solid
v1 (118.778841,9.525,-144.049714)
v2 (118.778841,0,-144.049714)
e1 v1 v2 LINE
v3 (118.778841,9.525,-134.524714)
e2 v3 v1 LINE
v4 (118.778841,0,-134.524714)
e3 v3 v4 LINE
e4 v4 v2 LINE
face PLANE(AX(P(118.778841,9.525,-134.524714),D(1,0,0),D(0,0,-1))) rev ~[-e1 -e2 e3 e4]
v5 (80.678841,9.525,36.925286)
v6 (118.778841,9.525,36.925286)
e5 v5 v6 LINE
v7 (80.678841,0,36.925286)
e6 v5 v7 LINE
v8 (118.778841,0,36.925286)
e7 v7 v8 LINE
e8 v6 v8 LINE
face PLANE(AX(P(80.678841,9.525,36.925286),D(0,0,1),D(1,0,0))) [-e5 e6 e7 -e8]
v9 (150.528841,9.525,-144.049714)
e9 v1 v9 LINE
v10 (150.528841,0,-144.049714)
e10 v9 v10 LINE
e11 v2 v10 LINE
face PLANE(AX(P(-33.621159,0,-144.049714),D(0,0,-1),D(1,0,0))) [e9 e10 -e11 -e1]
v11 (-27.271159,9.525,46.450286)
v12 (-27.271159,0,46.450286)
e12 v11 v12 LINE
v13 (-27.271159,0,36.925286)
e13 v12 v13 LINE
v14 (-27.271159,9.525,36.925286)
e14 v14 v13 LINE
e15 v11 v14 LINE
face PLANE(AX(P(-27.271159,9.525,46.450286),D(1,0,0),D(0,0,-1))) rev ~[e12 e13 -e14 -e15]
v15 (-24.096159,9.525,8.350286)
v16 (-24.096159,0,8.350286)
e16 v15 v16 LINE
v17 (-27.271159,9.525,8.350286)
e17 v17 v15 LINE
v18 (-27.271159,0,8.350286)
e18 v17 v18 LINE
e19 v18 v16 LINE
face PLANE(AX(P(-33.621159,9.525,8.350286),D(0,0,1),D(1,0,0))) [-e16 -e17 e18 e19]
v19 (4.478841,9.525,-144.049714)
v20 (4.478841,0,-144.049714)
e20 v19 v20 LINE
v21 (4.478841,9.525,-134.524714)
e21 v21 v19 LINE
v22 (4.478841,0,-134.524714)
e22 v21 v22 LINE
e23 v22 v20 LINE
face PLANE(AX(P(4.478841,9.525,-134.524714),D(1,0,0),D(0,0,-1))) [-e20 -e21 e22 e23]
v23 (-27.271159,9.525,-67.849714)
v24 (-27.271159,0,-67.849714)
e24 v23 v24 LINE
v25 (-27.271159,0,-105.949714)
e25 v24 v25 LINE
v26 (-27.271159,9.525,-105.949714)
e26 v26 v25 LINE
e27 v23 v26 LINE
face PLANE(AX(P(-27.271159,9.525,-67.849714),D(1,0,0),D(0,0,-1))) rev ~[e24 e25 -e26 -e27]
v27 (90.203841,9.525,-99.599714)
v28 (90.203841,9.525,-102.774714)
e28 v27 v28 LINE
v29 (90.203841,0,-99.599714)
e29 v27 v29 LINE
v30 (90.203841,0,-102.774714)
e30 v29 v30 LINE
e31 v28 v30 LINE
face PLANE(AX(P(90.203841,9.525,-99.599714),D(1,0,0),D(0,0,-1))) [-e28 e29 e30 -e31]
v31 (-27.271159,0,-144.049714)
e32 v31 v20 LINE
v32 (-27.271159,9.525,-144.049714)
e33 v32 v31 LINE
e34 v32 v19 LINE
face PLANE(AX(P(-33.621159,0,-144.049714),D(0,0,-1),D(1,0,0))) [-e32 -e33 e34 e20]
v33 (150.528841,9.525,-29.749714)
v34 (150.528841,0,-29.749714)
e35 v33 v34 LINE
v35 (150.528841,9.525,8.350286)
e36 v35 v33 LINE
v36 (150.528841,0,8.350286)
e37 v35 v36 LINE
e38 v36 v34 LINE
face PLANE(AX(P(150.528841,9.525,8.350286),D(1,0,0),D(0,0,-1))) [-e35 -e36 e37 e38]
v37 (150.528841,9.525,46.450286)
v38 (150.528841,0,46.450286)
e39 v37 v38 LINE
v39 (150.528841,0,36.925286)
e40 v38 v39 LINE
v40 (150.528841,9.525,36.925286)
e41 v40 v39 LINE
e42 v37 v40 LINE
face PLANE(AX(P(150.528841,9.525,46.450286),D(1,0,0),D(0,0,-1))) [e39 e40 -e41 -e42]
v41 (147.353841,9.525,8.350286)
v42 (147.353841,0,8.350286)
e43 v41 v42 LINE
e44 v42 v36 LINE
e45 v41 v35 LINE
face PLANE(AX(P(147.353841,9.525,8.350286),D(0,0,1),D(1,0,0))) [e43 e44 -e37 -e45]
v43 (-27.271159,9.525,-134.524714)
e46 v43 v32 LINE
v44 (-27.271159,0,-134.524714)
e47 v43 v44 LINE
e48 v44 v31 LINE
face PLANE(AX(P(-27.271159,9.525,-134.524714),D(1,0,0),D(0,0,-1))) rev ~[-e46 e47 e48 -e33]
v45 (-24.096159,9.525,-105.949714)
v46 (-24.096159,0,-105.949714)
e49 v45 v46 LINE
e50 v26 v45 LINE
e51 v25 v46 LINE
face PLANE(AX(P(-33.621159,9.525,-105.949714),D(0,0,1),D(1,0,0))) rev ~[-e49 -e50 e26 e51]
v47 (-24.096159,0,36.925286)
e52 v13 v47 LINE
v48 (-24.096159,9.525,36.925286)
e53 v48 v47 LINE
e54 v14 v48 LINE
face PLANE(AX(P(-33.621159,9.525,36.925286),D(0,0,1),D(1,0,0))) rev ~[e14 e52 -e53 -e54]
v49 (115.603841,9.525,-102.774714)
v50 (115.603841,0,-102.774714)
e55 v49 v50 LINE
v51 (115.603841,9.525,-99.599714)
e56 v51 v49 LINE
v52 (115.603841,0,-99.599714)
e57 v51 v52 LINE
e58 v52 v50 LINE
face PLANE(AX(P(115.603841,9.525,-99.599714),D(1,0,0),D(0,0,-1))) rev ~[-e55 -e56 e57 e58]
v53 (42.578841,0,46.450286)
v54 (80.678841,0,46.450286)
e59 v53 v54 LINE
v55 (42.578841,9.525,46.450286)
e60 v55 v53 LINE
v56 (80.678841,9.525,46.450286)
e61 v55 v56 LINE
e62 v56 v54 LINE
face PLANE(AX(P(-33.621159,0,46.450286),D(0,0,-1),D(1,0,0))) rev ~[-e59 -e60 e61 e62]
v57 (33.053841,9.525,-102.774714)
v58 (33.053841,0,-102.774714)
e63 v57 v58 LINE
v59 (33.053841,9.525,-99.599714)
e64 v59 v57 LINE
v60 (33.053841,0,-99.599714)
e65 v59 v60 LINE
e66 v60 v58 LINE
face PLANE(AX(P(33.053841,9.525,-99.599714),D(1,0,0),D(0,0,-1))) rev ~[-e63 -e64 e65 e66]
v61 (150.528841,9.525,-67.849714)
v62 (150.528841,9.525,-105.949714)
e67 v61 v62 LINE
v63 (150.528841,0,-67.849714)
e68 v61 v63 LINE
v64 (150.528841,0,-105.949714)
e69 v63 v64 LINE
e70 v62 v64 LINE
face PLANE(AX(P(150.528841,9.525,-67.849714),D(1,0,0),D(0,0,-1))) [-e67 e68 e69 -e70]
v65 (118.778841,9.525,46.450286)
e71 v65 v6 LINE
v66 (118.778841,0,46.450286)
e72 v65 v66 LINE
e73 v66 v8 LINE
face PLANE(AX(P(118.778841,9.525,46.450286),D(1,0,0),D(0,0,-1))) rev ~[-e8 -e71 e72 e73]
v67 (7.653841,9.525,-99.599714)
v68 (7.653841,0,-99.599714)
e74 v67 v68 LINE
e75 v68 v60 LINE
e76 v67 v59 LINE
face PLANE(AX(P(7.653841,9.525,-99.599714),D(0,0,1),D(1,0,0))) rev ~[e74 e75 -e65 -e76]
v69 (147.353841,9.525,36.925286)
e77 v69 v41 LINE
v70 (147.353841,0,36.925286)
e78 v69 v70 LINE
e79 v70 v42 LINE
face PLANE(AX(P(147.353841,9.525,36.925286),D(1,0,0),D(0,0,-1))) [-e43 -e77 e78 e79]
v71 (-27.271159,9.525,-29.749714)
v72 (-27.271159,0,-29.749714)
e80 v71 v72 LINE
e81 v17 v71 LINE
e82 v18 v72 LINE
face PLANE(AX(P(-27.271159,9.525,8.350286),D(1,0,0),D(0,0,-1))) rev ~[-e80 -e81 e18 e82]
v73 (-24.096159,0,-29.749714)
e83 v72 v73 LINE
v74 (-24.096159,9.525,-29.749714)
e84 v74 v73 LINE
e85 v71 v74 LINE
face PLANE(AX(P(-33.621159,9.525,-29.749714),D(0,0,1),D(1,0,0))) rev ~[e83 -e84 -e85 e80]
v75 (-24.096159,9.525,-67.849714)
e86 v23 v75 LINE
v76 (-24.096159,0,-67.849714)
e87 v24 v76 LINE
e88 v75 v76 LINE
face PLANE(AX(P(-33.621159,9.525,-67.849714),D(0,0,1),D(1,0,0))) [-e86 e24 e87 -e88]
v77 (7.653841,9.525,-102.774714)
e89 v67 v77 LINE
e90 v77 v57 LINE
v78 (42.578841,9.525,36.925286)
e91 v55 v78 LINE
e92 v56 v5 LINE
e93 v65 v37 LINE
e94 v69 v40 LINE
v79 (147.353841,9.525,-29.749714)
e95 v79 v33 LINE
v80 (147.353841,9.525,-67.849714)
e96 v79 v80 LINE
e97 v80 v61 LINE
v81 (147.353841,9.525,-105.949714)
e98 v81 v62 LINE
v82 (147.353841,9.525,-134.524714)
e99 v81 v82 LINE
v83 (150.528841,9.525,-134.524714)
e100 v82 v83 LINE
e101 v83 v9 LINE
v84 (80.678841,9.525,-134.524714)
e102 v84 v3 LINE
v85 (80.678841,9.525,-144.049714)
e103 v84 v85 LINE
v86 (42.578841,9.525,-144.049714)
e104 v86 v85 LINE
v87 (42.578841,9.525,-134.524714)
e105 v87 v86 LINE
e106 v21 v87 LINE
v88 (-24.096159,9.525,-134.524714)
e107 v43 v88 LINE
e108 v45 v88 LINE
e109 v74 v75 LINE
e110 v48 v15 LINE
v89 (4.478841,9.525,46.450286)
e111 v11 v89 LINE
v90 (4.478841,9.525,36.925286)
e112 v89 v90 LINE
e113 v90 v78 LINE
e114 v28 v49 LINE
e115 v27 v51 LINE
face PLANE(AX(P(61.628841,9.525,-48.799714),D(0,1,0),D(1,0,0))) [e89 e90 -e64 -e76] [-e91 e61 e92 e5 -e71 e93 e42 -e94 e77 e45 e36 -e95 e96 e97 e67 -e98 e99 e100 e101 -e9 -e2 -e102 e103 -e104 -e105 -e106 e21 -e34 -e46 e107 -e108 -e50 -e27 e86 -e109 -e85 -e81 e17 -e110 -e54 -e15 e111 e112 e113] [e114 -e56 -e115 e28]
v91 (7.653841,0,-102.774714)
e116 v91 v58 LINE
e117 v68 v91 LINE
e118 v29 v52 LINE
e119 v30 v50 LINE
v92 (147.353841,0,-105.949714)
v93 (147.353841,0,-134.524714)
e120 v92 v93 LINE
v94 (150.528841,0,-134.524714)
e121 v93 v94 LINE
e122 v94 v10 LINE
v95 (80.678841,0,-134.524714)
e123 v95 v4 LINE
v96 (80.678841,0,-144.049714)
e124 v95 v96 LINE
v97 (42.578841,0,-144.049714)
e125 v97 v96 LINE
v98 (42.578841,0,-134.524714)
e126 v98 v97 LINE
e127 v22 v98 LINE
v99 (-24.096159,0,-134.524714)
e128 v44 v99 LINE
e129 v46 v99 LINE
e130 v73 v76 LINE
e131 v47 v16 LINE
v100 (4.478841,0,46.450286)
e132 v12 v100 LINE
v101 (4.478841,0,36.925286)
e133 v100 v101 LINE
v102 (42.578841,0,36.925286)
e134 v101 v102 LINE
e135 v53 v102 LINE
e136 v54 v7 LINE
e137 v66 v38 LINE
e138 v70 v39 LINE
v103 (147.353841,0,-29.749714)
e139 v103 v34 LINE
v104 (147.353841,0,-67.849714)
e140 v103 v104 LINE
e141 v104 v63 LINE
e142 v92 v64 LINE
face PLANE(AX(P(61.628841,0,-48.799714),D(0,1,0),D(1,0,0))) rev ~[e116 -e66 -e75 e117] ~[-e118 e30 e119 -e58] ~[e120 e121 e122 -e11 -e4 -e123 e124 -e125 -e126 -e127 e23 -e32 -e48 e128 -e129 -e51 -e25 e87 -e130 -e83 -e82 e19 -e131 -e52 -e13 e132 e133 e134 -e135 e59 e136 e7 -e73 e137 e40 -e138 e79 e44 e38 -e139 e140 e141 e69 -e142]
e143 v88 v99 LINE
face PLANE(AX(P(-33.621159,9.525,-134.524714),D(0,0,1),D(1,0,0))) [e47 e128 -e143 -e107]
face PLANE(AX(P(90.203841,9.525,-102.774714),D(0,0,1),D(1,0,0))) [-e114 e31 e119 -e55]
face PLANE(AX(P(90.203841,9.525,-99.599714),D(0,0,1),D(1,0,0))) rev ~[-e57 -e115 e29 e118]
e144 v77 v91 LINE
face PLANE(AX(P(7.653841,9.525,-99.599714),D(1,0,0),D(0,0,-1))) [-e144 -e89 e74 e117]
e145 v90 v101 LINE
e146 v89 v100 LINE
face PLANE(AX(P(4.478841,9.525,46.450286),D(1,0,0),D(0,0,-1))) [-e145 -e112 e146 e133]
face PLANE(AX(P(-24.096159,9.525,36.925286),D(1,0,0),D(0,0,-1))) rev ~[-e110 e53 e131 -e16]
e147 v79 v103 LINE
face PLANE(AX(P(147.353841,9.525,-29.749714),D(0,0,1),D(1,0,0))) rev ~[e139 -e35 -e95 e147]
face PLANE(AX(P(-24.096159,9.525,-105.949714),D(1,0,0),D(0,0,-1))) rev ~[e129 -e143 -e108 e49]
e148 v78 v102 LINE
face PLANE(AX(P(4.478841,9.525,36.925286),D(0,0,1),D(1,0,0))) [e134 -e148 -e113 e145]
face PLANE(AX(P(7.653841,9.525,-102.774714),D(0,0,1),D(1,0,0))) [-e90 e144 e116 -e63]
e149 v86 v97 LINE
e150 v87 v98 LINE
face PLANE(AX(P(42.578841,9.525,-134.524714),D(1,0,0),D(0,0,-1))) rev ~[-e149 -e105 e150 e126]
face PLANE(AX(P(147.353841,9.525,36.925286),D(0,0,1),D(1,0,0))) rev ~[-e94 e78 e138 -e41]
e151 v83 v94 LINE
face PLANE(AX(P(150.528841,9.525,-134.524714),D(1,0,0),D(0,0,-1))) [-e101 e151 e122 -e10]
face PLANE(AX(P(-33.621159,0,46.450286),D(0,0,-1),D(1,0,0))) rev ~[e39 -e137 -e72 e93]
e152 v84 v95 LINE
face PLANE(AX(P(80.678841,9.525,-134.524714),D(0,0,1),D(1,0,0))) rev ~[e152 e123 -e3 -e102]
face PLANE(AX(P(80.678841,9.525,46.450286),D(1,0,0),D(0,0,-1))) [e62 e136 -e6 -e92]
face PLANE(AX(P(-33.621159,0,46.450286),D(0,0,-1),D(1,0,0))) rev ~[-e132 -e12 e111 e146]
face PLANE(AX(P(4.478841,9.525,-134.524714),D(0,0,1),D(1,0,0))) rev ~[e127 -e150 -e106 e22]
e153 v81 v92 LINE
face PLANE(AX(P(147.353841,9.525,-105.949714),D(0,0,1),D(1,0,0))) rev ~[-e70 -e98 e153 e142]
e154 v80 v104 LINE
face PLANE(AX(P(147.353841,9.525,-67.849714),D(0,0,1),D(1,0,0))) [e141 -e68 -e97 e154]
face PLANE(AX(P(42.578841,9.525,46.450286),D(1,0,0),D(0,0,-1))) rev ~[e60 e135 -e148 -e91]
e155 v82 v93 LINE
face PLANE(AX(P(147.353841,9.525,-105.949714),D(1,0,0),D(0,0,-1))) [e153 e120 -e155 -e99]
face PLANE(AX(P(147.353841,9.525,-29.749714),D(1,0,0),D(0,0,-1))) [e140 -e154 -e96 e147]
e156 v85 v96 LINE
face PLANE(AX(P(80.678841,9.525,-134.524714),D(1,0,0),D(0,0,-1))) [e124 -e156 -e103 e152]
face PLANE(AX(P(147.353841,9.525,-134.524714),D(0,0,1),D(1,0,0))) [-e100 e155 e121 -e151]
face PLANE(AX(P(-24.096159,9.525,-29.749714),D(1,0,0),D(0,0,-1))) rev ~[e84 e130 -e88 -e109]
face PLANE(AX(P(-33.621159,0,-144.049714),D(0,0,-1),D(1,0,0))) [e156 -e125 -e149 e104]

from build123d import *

# Parameters (mm, degrees)
SKETCH1_W           = 190.5
SKETCH1_H           = 190.5
BOSS_EXTRUDE1_DEPTH = 9.525
SKETCH2_W           = 38.1
SKETCH2_H           = 9.525
CUT_EXTRUDE1_DEPTH  = 9.525
SKETCH3_W           = 38.1
SKETCH3_H           = 9.525
CUT_EXTRUDE2_DEPTH  = 9.525
SKETCH4_W           = 9.525
SKETCH4_H           = 28.575
CUT_EXTRUDE3_DEPTH  = 9.525
SKETCH5_W           = 9.525
SKETCH5_H           = 38.1
CUT_EXTRUDE4_DEPTH  = 9.525
SKETCH6_W           = 9.525
SKETCH6_H           = 28.575
CUT_EXTRUDE5_DEPTH  = 9.525
SKETCH7_W           = 38.1
SKETCH7_H           = 9.525
CUT_EXTRUDE6_DEPTH  = 9.525
SKETCH8_W           = 38.1
SKETCH8_H           = 9.525
CUT_EXTRUDE7_DEPTH  = 9.525
SKETCH9_W           = 9.525
SKETCH9_H           = 28.575
CUT_EXTRUDE8_DEPTH  = 38.1
SKETCH10_W          = 9.525
SKETCH10_H          = 38.1
CUT_EXTRUDE9_DEPTH  = 9.525
SKETCH11_W          = 9.525
SKETCH11_H          = 28.575
CUT_EXTRUDE10_DEPTH = 9.525
SKETCH12_W          = 25.4
SKETCH12_H          = 3.175
CUT_EXTRUDE11_DEPTH = 12.7
SKETCH15_W          = 6.35
SKETCH15_H          = 9.525
CUT_EXTRUDE14_DEPTH = 214.194785552
SKETCH19_W          = 6.35
SKETCH19_H          = 38.1
SKETCH19_H_2        = 9.525
CUT_EXTRUDE16_DEPTH = 214.194785552
SKETCH16_W          = 6.35
SKETCH16_H          = 38.1
SKETCH16_H_2        = 9.525
CUT_EXTRUDE15_DEPTH = 209.566482942


with BuildPart() as part:
    # Sketch1 → Boss-Extrude1 (new body)
    with BuildSketch(Plane(origin=(0, 0, 0), x_dir=(1, 0, 0), z_dir=(0, 1, 0))):
        with Locations((61.628840928, 48.799714441)):
            Rectangle(SKETCH1_W, SKETCH1_H)
    extrude(amount=BOSS_EXTRUDE1_DEPTH)

    # Sketch2 → Cut-Extrude1 (cut)
    with BuildSketch(Plane(origin=(0, 9.525, 0), x_dir=(1, 0, 0), z_dir=(0, 1, 0))):
        with Locations((99.728840928, -41.687785559)):
            Rectangle(SKETCH2_W, SKETCH2_H)
    extrude(amount=-CUT_EXTRUDE1_DEPTH, mode=Mode.SUBTRACT)

    # Sketch3 → Cut-Extrude2 (cut)
    with BuildSketch(Plane(origin=(0, 9.525, 0), x_dir=(1, 0, 0), z_dir=(0, 1, 0))):
        with Locations((23.528840928, -41.687785559)):
            Rectangle(SKETCH3_W, SKETCH3_H)
    extrude(amount=-CUT_EXTRUDE2_DEPTH, mode=Mode.SUBTRACT)

    # Sketch4 → Cut-Extrude3 (cut)
    with BuildSketch(Plane(origin=(0, 9.525, 0), x_dir=(1, 0, 0), z_dir=(0, 1, 0))):
        with Locations((152.116340928, -22.637785559)):
            Rectangle(SKETCH4_W, SKETCH4_H)
    extrude(amount=-CUT_EXTRUDE3_DEPTH, mode=Mode.SUBTRACT)

    # Sketch5 → Cut-Extrude4 (cut)
    with BuildSketch(Plane(origin=(0, 9.525, 0), x_dir=(1, 0, 0), z_dir=(0, 1, 0))):
        with Locations((152.116340928, 48.799714441)):
            Rectangle(SKETCH5_W, SKETCH5_H)
    extrude(amount=-CUT_EXTRUDE4_DEPTH, mode=Mode.SUBTRACT)

    # Sketch6 → Cut-Extrude5 (cut)
    with BuildSketch(Plane(origin=(0, 9.525, 0), x_dir=(1, 0, 0), z_dir=(0, 1, 0))):
        with Locations((152.116340928, 120.237214441)):
            Rectangle(SKETCH6_W, SKETCH6_H)
    extrude(amount=-CUT_EXTRUDE5_DEPTH, mode=Mode.SUBTRACT)

    # Sketch7 → Cut-Extrude6 (cut)
    with BuildSketch(Plane(origin=(0, 9.525, 0), x_dir=(1, 0, 0), z_dir=(0, 1, 0))):
        with Locations((99.728840928, 139.287214441)):
            Rectangle(SKETCH7_W, SKETCH7_H)
    extrude(amount=-CUT_EXTRUDE6_DEPTH, mode=Mode.SUBTRACT)

    # Sketch8 → Cut-Extrude7 (cut)
    with BuildSketch(Plane(origin=(0, 9.525, 0), x_dir=(1, 0, 0), z_dir=(0, 1, 0))):
        with Locations((23.528840928, 139.287214441)):
            Rectangle(SKETCH8_W, SKETCH8_H)
    extrude(amount=-CUT_EXTRUDE7_DEPTH, mode=Mode.SUBTRACT)

    # Sketch9 → Cut-Extrude8 (cut)
    with BuildSketch(Plane(origin=(0, 9.525, 0), x_dir=(1, 0, 0), z_dir=(0, 1, 0))):
        with Locations((-28.858659072, 120.237214441)):
            Rectangle(SKETCH9_W, SKETCH9_H)
    extrude(amount=-CUT_EXTRUDE8_DEPTH, mode=Mode.SUBTRACT)

    # Sketch10 → Cut-Extrude9 (cut)
    with BuildSketch(Plane(origin=(0, 9.525, 0), x_dir=(1, 0, 0), z_dir=(0, 1, 0))):
        with Locations((-28.858659072, 48.799714441)):
            Rectangle(SKETCH10_W, SKETCH10_H)
    extrude(amount=-CUT_EXTRUDE9_DEPTH, mode=Mode.SUBTRACT)

    # Sketch11 → Cut-Extrude10 (cut)
    with BuildSketch(Plane(origin=(0, 9.525, 0), x_dir=(1, 0, 0), z_dir=(0, 1, 0))):
        with Locations((-28.858659072, -22.637785559)):
            Rectangle(SKETCH11_W, SKETCH11_H)
    extrude(amount=-CUT_EXTRUDE10_DEPTH, mode=Mode.SUBTRACT)

    # Sketch12 → Cut-Extrude11 (cut)
    with BuildSketch(Plane(origin=(0, 9.525, 0), x_dir=(1, 0, 0), z_dir=(0, 1, 0))):
        with Locations((20.353840928, 101.187214441)):
            Rectangle(SKETCH12_W, SKETCH12_H)
        with Locations((102.903840928, 101.187214441)):
            Rectangle(SKETCH12_W, SKETCH12_H)
    extrude(amount=-CUT_EXTRUDE11_DEPTH, mode=Mode.SUBTRACT)

    # Sketch15 → Cut-Extrude14 (cut, through all)
    with BuildSketch(Plane(origin=(0, 9.525, 0), x_dir=(1, 0, 0), z_dir=(0, 1, 0))):
        with Locations((-30.446159072, 139.287214441)):
            Rectangle(SKETCH15_W, SKETCH15_H)
    extrude(amount=-CUT_EXTRUDE14_DEPTH, mode=Mode.SUBTRACT)

    # Sketch19 → Cut-Extrude16 (cut, through all)
    with BuildSketch(Plane(origin=(0, 9.525, 0), x_dir=(1, 0, 0), z_dir=(0, 1, 0))):
        with Locations((-30.446159072, 86.899714441)):
            Rectangle(SKETCH19_W, SKETCH19_H)
        with Locations((-30.446159072, 10.699714441)):
            Rectangle(SKETCH19_W, SKETCH19_H)
        with Locations((-30.446159072, -41.687785559)):
            Rectangle(SKETCH19_W, SKETCH19_H_2)
        with Locations((153.703840928, -41.687785559)):
            Rectangle(SKETCH19_W, SKETCH19_H_2)
        with Locations((153.703840928, 10.699714441)):
            Rectangle(SKETCH19_W, SKETCH19_H)
        with Locations((153.703840928, 86.899714441)):
            Rectangle(SKETCH19_W, SKETCH19_H)
        with Locations((153.703840928, 139.287214441)):
            Rectangle(SKETCH19_W, SKETCH19_H_2)
    extrude(amount=-CUT_EXTRUDE16_DEPTH, mode=Mode.SUBTRACT)

    # Sketch16 → Cut-Extrude15 (cut, through all)
    with BuildSketch(Plane(origin=(0, 9.525, 0), x_dir=(1, 0, 0), z_dir=(0, 1, 0))):
        with Locations((-30.446159072, 86.899714441)):
            Rectangle(SKETCH16_W, SKETCH16_H)
        with Locations((-30.446159072, 10.699714441)):
            Rectangle(SKETCH16_W, SKETCH16_H)
        with Locations((-30.446159072, -41.687785559)):
            Rectangle(SKETCH16_W, SKETCH16_H_2)
        with Locations((153.703840928, -41.687785559)):
            Rectangle(SKETCH16_W, SKETCH16_H_2)
        with Locations((153.703840928, 10.699714441)):
            Rectangle(SKETCH16_W, SKETCH16_H)
        with Locations((153.703840928, 86.899714441)):
            Rectangle(SKETCH16_W, SKETCH16_H)
        with Locations((153.703840928, 139.287214441)):
            Rectangle(SKETCH16_W, SKETCH16_H_2)
    extrude(amount=-CUT_EXTRUDE15_DEPTH, mode=Mode.SUBTRACT)


solid = part.part
